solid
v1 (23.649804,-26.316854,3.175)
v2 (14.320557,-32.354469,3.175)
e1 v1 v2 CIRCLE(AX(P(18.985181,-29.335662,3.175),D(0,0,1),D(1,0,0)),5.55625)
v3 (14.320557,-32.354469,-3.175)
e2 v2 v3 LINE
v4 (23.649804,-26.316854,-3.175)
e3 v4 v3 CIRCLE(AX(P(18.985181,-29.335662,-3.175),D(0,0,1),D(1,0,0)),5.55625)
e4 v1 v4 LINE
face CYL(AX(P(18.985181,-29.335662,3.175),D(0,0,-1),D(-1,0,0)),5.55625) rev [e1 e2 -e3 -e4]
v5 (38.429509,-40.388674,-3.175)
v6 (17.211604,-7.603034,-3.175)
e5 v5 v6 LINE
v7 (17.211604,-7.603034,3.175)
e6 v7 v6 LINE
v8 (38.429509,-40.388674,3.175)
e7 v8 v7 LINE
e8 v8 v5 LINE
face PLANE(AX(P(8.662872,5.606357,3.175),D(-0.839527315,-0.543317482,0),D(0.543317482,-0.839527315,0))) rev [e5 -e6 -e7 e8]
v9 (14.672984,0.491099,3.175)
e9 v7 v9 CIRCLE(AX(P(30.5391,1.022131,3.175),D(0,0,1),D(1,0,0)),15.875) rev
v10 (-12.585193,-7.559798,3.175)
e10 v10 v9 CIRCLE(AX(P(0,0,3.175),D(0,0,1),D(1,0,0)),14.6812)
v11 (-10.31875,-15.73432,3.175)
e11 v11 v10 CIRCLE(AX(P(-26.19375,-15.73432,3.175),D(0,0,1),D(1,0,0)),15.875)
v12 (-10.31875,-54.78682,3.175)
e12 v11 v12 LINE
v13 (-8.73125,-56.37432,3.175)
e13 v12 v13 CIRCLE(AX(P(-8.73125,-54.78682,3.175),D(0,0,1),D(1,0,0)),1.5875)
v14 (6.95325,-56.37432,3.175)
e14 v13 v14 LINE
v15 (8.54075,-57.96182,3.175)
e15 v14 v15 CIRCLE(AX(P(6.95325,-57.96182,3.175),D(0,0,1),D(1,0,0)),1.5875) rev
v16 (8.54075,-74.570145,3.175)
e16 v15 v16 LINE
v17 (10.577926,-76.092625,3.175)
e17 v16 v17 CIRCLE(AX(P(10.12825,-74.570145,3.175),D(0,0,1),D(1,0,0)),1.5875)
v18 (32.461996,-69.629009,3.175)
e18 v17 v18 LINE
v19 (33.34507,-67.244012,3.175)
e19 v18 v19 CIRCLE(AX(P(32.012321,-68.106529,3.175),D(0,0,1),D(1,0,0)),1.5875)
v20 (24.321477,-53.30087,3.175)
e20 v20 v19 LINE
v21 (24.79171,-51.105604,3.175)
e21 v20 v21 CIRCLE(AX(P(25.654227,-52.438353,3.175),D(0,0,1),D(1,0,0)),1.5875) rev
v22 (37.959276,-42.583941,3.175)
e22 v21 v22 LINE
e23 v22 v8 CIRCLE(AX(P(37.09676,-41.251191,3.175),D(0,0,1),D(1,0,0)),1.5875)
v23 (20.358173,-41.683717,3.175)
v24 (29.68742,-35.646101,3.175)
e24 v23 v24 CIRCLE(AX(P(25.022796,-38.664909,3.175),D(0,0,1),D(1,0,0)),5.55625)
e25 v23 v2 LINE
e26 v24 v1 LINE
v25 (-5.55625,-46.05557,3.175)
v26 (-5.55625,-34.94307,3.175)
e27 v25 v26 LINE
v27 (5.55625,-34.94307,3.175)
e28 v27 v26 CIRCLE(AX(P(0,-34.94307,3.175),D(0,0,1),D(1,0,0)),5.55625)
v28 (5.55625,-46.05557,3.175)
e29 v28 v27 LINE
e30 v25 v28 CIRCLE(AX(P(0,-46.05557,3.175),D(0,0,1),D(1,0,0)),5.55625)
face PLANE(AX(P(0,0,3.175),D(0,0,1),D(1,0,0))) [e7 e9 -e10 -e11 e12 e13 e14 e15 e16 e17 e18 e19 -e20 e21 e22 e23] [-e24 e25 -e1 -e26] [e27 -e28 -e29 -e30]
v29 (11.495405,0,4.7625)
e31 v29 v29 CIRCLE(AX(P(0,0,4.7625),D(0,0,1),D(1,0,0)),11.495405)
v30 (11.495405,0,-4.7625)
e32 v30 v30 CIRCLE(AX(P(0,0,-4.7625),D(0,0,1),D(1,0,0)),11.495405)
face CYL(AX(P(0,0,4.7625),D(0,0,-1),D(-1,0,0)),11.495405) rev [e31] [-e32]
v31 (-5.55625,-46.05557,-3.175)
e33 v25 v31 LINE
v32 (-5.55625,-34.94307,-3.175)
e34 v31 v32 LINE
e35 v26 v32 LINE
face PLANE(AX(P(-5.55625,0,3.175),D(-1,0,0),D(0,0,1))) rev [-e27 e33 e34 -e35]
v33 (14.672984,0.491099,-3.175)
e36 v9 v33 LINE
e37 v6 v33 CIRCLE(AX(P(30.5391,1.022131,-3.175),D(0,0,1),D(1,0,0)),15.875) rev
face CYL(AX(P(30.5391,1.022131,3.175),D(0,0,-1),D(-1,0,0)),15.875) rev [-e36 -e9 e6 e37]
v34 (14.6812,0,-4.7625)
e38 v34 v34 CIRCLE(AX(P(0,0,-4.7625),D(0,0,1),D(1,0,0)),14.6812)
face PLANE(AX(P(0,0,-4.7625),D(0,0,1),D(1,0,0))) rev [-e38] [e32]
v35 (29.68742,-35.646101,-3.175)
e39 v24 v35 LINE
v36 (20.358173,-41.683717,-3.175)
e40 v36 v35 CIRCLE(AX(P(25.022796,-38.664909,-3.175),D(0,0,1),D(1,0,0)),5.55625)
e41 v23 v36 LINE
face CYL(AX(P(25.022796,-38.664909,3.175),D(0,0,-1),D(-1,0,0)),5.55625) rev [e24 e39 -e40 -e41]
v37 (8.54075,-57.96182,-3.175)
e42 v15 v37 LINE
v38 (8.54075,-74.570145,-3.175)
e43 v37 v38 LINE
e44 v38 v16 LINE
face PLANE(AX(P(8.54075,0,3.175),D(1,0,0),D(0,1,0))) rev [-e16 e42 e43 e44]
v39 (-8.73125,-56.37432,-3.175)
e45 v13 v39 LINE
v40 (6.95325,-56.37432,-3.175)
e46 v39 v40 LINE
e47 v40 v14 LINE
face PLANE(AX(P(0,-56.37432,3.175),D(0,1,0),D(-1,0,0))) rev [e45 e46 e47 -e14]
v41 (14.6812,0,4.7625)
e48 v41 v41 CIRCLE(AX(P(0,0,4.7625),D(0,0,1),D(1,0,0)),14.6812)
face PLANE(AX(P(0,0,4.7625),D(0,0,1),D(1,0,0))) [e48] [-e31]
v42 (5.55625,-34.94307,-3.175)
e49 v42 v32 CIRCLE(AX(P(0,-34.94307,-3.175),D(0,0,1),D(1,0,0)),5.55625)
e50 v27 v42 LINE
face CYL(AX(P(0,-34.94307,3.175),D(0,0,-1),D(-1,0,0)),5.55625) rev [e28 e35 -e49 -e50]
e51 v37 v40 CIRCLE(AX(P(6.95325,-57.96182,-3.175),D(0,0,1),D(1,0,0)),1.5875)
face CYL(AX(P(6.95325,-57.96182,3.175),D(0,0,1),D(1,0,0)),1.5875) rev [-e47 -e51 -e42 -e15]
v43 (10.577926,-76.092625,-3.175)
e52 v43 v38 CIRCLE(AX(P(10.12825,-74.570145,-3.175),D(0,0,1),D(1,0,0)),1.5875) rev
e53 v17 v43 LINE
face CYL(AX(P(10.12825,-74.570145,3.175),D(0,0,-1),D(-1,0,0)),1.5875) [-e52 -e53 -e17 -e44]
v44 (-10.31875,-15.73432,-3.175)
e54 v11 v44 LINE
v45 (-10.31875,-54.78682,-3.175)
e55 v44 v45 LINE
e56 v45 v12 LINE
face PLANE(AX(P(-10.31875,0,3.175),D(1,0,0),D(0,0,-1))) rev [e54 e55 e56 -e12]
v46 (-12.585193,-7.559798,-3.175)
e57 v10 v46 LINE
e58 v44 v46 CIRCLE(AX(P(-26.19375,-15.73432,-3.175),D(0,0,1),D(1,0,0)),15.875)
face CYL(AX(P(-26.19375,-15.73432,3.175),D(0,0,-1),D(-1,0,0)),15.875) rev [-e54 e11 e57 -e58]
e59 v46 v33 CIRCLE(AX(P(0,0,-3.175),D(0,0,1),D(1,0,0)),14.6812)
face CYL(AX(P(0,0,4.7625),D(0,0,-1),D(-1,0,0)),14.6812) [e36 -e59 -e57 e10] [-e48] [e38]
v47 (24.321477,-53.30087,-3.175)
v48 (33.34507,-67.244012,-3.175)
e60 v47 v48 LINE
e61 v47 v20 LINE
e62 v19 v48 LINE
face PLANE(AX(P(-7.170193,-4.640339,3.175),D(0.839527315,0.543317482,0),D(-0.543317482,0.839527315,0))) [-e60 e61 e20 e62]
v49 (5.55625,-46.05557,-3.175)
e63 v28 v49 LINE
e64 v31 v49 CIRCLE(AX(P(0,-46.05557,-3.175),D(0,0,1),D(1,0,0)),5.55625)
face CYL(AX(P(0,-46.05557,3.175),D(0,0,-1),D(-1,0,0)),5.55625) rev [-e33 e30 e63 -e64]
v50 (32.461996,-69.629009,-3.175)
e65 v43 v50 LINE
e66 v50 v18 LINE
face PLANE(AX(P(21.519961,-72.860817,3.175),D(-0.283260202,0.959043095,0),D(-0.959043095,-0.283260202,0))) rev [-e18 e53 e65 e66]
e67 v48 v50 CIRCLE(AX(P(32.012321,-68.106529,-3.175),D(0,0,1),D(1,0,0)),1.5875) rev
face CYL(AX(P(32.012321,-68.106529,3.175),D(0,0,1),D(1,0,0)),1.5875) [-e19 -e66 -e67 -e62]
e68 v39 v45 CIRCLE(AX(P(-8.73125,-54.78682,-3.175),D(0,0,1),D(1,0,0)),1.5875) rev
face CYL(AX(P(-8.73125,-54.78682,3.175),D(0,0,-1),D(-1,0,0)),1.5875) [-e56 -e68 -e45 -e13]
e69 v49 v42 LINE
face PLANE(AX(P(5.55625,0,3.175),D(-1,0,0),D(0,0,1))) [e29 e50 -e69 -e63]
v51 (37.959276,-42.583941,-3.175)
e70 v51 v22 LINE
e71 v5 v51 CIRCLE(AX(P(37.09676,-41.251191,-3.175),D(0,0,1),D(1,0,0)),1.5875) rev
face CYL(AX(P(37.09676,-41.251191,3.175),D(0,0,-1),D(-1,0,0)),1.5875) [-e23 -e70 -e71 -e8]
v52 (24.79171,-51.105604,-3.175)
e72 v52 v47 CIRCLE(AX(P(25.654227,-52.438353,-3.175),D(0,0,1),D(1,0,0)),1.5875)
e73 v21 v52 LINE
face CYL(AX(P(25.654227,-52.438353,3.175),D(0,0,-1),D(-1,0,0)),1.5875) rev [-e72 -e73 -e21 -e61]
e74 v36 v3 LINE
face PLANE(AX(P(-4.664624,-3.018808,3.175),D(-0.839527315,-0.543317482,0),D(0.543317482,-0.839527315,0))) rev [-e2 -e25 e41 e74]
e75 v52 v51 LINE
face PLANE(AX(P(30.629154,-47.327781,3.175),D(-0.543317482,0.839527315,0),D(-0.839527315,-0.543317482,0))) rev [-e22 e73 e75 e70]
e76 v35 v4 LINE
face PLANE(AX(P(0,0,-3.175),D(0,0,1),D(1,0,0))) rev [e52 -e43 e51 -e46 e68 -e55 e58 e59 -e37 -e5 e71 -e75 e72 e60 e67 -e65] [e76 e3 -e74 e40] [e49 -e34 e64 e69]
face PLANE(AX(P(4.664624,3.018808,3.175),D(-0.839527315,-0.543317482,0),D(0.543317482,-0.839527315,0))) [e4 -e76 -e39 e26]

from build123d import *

# Parameters (mm, degrees)
SKETCH1_R           = 11.495405
BOSS_EXTRUDE2_DEPTH = 4.7625
BOSS_EXTRUDE3_DEPTH = 3.175
FILLET1_R           = 1.5875


with BuildPart() as part:
    # Sketch1 → Boss-Extrude2 (new body, symmetric)
    with BuildSketch(Plane.XY):
        with BuildLine():
            ThreePointArc((14.672983865, 0.491098707), (-4.158599684, 14.079903484), (-12.585193267, -7.559797873))
            ThreePointArc((-12.585193267, -7.559797873), (4.158599684, -14.079903484), (14.672983865, 0.491098707))
        make_face()
        Circle(SKETCH1_R, mode=Mode.SUBTRACT)
    extrude(amount=BOSS_EXTRUDE2_DEPTH, both=True)

    # Sketch1<4> → Boss-Extrude3 (add, symmetric)
    with BuildSketch(Plane.XY):
        with BuildLine():
            ThreePointArc((-12.585193267, -7.559797873), (-10.89585042, -11.492870345), (-10.31875, -15.734319794))
            Line((-10.31875, -15.734319794), (-10.31875, -56.374319794))
            Line((-10.31875, -56.374319794), (8.54075, -56.374319794))
            Line((8.54075, -56.374319794), (8.54075, -76.694319794))
            Line((8.54075, -76.694319794), (34.499171822, -69.027315193))
            Line((34.499171822, -69.027315193), (23.458960581, -51.968120144))
            Line((23.458960581, -51.968120144), (39.292025986, -41.721424085))
            Line((39.292025986, -41.721424085), (17.211603503, -7.603033986))
            ThreePointArc((17.211603503, -7.603033986), (15.391641433, -3.728672569), (14.672983865, 0.491098707))
            ThreePointArc((14.672983865, 0.491098707), (4.158599684, -14.079903484), (-12.585193267, -7.559797873))
        make_face()
        with BuildLine():
            ThreePointArc((5.55625, -46.055569794), (0, -51.611819794), (-5.55625, -46.055569794))
            Line((-5.55625, -46.055569794), (-5.55625, -34.943069794))
            ThreePointArc((-5.55625, -34.943069794), (0, -29.386819794), (5.55625, -34.943069794))
            Line((5.55625, -34.943069794), (5.55625, -46.055569794))
        make_face(mode=Mode.SUBTRACT)
        with BuildLine():
            ThreePointArc((29.687419875, -35.646101109), (28.04160399, -43.329532516), (20.358172583, -41.683716631))
            Line((20.358172583, -41.683716631), (14.32055706, -32.354469339))
            ThreePointArc((14.32055706, -32.354469339), (15.966372945, -24.671037931), (23.649804353, -26.316853816))
            Line((23.649804353, -26.316853816), (29.687419875, -35.646101109))
        make_face(mode=Mode.SUBTRACT)
    extrude(amount=BOSS_EXTRUDE3_DEPTH, both=True)

    # Fillet1
    fillet1_edges = [part.edges().sort_by_distance(p)[0] for p in [
        (34.499171822, -69.027315193, 0),
        (23.458960581, -51.968120144, 0),
        (39.292025986, -41.721424085, 0),
        (-10.31875, -56.374319794, 0),
        (8.54075, -56.374319794, 0),
        (8.54075, -76.694319794, 0),
    ]]
    fillet(fillet1_edges, radius=FILLET1_R)


solid = part.part
